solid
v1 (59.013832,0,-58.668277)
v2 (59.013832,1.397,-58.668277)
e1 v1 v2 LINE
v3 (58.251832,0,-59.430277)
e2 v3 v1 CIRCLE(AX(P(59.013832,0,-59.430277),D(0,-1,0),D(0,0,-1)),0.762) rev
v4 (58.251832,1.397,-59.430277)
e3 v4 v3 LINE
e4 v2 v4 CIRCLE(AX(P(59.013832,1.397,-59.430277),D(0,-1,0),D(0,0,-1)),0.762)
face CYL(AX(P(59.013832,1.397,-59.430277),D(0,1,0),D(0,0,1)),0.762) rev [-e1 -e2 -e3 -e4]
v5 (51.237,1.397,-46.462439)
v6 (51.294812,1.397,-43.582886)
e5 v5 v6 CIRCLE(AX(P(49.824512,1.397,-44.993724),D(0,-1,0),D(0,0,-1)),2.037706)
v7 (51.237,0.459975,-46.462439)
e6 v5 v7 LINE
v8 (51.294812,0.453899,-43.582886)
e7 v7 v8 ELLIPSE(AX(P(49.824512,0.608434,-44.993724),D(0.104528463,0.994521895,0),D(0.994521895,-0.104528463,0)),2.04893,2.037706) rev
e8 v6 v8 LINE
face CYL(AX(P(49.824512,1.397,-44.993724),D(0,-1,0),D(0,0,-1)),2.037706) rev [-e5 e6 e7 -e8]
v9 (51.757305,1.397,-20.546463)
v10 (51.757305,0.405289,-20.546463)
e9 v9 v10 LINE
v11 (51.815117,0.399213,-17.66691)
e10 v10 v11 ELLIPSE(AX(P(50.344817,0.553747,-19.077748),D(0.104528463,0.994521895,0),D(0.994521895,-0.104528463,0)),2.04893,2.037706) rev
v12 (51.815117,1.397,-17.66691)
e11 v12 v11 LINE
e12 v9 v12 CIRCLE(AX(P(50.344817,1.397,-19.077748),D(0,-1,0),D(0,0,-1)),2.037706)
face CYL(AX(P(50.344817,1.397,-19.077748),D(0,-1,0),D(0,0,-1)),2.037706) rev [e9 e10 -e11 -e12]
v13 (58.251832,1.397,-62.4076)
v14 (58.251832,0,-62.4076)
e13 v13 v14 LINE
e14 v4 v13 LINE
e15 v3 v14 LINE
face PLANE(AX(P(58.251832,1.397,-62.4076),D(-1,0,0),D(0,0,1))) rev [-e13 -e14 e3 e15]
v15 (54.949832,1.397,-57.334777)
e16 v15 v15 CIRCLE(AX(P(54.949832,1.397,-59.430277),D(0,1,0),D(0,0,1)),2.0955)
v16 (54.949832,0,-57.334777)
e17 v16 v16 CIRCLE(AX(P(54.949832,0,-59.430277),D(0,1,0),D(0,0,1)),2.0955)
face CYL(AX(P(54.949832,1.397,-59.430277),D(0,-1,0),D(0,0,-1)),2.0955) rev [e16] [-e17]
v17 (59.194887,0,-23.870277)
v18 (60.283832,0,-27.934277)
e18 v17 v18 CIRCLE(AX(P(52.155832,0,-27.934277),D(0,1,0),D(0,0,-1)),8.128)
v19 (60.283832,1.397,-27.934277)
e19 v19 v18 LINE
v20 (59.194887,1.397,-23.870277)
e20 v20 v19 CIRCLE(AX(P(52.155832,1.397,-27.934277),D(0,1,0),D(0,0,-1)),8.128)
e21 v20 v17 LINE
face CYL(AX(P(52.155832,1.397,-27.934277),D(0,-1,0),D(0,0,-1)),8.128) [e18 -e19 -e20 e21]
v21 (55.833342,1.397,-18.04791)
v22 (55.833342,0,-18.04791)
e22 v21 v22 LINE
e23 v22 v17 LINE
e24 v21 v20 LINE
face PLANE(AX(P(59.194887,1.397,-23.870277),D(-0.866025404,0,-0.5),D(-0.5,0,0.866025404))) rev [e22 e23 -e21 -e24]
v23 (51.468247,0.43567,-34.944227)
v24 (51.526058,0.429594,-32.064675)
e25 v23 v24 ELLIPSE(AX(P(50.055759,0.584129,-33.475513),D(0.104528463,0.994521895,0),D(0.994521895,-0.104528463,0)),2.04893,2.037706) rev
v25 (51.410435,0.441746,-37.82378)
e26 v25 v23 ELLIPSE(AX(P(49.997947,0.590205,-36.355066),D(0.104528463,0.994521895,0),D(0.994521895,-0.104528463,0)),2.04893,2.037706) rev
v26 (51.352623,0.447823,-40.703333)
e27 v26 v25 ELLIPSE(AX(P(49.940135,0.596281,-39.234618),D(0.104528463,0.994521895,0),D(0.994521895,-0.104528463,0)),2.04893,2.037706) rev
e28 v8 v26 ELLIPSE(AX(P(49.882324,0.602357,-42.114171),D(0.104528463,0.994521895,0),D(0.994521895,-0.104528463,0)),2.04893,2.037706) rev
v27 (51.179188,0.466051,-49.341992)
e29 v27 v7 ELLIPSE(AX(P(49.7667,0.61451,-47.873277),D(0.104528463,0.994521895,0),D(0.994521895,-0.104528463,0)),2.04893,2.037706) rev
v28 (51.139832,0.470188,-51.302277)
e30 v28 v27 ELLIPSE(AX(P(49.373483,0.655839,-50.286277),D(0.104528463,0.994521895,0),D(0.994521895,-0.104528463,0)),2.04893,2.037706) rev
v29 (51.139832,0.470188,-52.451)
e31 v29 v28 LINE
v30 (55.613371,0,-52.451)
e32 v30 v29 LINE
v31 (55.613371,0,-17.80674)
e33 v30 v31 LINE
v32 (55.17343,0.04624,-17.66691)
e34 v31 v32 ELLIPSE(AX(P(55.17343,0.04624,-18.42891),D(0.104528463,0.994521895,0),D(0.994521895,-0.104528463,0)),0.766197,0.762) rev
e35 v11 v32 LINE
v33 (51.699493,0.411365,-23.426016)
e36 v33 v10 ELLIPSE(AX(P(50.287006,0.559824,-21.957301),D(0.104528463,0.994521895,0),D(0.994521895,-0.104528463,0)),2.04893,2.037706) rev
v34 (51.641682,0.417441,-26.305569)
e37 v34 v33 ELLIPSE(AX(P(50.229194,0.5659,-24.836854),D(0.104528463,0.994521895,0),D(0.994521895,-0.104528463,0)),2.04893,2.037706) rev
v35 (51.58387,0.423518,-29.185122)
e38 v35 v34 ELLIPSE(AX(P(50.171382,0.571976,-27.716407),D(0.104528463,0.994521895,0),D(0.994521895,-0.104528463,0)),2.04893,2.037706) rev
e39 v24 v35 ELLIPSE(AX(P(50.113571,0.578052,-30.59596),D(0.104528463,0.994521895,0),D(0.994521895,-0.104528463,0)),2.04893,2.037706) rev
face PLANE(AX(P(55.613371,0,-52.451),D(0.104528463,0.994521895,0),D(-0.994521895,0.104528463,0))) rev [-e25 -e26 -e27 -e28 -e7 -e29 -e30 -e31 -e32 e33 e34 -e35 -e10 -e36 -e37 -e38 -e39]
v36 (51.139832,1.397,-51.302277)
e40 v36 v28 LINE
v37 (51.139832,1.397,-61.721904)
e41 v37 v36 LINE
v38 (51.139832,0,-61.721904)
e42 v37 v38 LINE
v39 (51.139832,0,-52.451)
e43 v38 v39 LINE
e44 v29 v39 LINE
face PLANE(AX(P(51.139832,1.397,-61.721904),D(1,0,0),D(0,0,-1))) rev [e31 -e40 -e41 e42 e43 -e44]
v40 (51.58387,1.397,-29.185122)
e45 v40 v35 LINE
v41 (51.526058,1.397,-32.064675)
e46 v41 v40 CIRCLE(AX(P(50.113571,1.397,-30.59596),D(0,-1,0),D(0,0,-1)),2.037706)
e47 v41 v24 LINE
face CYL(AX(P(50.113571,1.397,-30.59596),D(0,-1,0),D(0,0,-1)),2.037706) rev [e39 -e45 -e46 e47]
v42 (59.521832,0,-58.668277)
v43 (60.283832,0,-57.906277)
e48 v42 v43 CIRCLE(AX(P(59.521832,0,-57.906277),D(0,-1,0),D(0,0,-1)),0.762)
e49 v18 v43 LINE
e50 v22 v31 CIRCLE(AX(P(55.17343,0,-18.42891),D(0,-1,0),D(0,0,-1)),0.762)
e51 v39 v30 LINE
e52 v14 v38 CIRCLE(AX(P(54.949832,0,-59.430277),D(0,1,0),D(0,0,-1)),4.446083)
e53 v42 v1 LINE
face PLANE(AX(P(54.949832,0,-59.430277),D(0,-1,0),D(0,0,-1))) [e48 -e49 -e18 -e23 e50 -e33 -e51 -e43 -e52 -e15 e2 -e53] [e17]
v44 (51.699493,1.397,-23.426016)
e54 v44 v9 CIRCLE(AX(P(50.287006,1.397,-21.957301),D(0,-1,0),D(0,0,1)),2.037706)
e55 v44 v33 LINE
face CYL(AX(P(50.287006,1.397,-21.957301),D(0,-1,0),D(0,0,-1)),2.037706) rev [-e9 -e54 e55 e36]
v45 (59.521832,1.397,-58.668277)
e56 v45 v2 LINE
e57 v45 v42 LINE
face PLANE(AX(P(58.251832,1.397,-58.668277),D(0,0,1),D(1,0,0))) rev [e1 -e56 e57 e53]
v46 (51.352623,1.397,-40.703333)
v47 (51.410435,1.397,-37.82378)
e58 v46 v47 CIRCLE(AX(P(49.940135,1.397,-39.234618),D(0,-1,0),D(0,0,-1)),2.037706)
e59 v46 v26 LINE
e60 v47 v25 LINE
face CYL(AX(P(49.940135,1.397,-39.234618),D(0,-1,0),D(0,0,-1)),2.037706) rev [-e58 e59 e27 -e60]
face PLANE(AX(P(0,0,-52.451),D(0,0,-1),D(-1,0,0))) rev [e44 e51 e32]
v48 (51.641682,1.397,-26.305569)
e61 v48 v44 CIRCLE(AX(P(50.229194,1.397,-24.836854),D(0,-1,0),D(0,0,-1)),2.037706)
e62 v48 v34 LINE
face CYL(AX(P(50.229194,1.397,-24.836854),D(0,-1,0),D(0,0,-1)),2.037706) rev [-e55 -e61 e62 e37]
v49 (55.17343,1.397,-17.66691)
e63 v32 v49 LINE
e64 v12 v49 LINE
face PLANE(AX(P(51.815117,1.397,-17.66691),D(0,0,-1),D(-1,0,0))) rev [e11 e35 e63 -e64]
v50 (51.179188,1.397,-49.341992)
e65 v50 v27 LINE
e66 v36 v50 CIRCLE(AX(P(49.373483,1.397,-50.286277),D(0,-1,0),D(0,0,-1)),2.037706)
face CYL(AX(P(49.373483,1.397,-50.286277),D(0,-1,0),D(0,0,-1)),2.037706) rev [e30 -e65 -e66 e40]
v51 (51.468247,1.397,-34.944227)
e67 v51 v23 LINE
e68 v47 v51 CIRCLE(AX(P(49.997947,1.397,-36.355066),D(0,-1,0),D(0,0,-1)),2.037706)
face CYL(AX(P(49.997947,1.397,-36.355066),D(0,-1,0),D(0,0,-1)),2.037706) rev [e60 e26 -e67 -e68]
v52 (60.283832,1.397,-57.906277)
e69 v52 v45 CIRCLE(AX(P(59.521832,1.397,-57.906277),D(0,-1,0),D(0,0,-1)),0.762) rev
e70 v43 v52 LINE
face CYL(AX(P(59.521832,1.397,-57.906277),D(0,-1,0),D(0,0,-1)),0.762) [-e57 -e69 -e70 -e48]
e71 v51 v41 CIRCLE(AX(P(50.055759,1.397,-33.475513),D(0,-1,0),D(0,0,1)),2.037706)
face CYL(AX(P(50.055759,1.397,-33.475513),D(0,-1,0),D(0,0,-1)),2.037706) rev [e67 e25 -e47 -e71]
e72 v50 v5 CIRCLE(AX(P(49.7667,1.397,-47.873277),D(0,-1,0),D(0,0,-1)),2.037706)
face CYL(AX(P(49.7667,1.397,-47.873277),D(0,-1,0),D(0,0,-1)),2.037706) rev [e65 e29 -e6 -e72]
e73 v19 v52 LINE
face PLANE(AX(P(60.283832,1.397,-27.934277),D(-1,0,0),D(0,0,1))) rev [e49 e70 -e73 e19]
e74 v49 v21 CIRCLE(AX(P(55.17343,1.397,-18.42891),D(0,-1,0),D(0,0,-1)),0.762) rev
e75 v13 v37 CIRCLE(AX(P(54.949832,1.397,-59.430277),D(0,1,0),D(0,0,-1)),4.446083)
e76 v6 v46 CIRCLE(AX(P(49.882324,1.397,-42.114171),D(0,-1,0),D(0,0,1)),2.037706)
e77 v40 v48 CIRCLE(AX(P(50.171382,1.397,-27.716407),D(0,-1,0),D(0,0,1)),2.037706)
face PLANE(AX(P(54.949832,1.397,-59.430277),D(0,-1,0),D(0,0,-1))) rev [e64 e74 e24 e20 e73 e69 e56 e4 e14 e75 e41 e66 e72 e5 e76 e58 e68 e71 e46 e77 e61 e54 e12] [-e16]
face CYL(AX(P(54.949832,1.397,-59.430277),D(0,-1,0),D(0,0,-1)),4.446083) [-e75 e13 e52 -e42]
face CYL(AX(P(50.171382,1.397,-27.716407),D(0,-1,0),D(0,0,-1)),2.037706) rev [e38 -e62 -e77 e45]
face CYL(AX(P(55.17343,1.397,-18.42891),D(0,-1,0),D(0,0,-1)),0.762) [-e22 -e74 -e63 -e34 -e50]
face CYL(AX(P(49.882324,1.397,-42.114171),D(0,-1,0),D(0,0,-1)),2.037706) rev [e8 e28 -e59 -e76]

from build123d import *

# Parameters (mm, degrees)
SKETCH1_R           = 2.0955
BOSS_EXTRUDE1_DEPTH = 1.397
CUT_EXTRUDE1_DEPTH  = 52.451
FILLET1_R           = 0.762


with BuildPart() as part:
    # Sketch1 → Boss-Extrude1 (new body)
    with BuildSketch(Plane(origin=(0, 0, 0), x_dir=(1, 0, 0), z_dir=(0, 1, 0))):
        with BuildLine():
            Line((58.251832272, 62.407600024), (58.251832272, 58.66827713))
            Line((58.251832272, 58.66827713), (60.283832272, 58.66827713))
            Line((60.283832272, 58.66827713), (60.283832272, 27.93427713))
            ThreePointArc((60.283832272, 27.93427713), (60.006877388, 25.830595931), (59.194886754, 23.87027713))
            Line((59.194886754, 23.87027713), (55.613371084, 17.666910021))
            Line((55.613371084, 17.666910021), (51.815116638, 17.666910021))
            ThreePointArc((51.815116638, 17.666910021), (52.382112404, 19.118650157), (51.757304959, 20.546462917))
            ThreePointArc((51.757304959, 20.546462917), (52.324300725, 21.998203054), (51.69949328, 23.426015814))
            ThreePointArc((51.69949328, 23.426015814), (52.266489046, 24.87775595), (51.641681601, 26.305568711))
            ThreePointArc((51.641681601, 26.305568711), (52.208677367, 27.757308847), (51.583869921, 29.185121607))
            ThreePointArc((51.583869921, 29.185121607), (52.150865688, 30.636861744), (51.526058242, 32.064674504))
            ThreePointArc((51.526058242, 32.064674504), (52.093054008, 33.51641464), (51.468246563, 34.944227401))
            ThreePointArc((51.468246563, 34.944227401), (52.035242329, 36.395967537), (51.410434884, 37.823780298))
            ThreePointArc((51.410434884, 37.823780298), (51.97743065, 39.275520434), (51.352623205, 40.703333194))
            ThreePointArc((51.352623205, 40.703333194), (51.919618971, 42.155073331), (51.294811526, 43.582886091))
            ThreePointArc((51.294811526, 43.582886091), (51.861807292, 45.034626227), (51.236999847, 46.462438988))
            ThreePointArc((51.236999847, 46.462438988), (51.803995613, 47.914179124), (51.179188167, 49.341991884))
            ThreePointArc((51.179188167, 49.341991884), (51.410778499, 50.327179124), (51.139832272, 51.30227713))
            Line((51.139832272, 51.30227713), (51.139832272, 61.721904416))
            ThreePointArc((51.139832272, 61.721904416), (54.523146654, 63.855838676), (58.251832272, 62.407600024))
        make_face()
        with Locations((54.949832272, 59.43027713)):
            Circle(SKETCH1_R, mode=Mode.SUBTRACT)
    extrude(amount=BOSS_EXTRUDE1_DEPTH)

    # Sketch2 → Cut-Extrude1 (cut)
    with BuildSketch(Plane.XY):
        Polygon((55.613371084, 0), (51.139832272, 0.470187876), (51.139832272, 0), align=None)
    extrude(amount=-CUT_EXTRUDE1_DEPTH, mode=Mode.SUBTRACT)

    # Fillet1
    fillet1_edges = [part.edges().sort_by_distance(p)[0] for p in [
        (58.251832272, 0.6985, -58.66827713),
        (60.283832272, 0.6985, -58.66827713),
        (55.613371084, 0.6985, -17.666910021),
    ]]
    fillet(fillet1_edges, radius=FILLET1_R)


solid = part.part
